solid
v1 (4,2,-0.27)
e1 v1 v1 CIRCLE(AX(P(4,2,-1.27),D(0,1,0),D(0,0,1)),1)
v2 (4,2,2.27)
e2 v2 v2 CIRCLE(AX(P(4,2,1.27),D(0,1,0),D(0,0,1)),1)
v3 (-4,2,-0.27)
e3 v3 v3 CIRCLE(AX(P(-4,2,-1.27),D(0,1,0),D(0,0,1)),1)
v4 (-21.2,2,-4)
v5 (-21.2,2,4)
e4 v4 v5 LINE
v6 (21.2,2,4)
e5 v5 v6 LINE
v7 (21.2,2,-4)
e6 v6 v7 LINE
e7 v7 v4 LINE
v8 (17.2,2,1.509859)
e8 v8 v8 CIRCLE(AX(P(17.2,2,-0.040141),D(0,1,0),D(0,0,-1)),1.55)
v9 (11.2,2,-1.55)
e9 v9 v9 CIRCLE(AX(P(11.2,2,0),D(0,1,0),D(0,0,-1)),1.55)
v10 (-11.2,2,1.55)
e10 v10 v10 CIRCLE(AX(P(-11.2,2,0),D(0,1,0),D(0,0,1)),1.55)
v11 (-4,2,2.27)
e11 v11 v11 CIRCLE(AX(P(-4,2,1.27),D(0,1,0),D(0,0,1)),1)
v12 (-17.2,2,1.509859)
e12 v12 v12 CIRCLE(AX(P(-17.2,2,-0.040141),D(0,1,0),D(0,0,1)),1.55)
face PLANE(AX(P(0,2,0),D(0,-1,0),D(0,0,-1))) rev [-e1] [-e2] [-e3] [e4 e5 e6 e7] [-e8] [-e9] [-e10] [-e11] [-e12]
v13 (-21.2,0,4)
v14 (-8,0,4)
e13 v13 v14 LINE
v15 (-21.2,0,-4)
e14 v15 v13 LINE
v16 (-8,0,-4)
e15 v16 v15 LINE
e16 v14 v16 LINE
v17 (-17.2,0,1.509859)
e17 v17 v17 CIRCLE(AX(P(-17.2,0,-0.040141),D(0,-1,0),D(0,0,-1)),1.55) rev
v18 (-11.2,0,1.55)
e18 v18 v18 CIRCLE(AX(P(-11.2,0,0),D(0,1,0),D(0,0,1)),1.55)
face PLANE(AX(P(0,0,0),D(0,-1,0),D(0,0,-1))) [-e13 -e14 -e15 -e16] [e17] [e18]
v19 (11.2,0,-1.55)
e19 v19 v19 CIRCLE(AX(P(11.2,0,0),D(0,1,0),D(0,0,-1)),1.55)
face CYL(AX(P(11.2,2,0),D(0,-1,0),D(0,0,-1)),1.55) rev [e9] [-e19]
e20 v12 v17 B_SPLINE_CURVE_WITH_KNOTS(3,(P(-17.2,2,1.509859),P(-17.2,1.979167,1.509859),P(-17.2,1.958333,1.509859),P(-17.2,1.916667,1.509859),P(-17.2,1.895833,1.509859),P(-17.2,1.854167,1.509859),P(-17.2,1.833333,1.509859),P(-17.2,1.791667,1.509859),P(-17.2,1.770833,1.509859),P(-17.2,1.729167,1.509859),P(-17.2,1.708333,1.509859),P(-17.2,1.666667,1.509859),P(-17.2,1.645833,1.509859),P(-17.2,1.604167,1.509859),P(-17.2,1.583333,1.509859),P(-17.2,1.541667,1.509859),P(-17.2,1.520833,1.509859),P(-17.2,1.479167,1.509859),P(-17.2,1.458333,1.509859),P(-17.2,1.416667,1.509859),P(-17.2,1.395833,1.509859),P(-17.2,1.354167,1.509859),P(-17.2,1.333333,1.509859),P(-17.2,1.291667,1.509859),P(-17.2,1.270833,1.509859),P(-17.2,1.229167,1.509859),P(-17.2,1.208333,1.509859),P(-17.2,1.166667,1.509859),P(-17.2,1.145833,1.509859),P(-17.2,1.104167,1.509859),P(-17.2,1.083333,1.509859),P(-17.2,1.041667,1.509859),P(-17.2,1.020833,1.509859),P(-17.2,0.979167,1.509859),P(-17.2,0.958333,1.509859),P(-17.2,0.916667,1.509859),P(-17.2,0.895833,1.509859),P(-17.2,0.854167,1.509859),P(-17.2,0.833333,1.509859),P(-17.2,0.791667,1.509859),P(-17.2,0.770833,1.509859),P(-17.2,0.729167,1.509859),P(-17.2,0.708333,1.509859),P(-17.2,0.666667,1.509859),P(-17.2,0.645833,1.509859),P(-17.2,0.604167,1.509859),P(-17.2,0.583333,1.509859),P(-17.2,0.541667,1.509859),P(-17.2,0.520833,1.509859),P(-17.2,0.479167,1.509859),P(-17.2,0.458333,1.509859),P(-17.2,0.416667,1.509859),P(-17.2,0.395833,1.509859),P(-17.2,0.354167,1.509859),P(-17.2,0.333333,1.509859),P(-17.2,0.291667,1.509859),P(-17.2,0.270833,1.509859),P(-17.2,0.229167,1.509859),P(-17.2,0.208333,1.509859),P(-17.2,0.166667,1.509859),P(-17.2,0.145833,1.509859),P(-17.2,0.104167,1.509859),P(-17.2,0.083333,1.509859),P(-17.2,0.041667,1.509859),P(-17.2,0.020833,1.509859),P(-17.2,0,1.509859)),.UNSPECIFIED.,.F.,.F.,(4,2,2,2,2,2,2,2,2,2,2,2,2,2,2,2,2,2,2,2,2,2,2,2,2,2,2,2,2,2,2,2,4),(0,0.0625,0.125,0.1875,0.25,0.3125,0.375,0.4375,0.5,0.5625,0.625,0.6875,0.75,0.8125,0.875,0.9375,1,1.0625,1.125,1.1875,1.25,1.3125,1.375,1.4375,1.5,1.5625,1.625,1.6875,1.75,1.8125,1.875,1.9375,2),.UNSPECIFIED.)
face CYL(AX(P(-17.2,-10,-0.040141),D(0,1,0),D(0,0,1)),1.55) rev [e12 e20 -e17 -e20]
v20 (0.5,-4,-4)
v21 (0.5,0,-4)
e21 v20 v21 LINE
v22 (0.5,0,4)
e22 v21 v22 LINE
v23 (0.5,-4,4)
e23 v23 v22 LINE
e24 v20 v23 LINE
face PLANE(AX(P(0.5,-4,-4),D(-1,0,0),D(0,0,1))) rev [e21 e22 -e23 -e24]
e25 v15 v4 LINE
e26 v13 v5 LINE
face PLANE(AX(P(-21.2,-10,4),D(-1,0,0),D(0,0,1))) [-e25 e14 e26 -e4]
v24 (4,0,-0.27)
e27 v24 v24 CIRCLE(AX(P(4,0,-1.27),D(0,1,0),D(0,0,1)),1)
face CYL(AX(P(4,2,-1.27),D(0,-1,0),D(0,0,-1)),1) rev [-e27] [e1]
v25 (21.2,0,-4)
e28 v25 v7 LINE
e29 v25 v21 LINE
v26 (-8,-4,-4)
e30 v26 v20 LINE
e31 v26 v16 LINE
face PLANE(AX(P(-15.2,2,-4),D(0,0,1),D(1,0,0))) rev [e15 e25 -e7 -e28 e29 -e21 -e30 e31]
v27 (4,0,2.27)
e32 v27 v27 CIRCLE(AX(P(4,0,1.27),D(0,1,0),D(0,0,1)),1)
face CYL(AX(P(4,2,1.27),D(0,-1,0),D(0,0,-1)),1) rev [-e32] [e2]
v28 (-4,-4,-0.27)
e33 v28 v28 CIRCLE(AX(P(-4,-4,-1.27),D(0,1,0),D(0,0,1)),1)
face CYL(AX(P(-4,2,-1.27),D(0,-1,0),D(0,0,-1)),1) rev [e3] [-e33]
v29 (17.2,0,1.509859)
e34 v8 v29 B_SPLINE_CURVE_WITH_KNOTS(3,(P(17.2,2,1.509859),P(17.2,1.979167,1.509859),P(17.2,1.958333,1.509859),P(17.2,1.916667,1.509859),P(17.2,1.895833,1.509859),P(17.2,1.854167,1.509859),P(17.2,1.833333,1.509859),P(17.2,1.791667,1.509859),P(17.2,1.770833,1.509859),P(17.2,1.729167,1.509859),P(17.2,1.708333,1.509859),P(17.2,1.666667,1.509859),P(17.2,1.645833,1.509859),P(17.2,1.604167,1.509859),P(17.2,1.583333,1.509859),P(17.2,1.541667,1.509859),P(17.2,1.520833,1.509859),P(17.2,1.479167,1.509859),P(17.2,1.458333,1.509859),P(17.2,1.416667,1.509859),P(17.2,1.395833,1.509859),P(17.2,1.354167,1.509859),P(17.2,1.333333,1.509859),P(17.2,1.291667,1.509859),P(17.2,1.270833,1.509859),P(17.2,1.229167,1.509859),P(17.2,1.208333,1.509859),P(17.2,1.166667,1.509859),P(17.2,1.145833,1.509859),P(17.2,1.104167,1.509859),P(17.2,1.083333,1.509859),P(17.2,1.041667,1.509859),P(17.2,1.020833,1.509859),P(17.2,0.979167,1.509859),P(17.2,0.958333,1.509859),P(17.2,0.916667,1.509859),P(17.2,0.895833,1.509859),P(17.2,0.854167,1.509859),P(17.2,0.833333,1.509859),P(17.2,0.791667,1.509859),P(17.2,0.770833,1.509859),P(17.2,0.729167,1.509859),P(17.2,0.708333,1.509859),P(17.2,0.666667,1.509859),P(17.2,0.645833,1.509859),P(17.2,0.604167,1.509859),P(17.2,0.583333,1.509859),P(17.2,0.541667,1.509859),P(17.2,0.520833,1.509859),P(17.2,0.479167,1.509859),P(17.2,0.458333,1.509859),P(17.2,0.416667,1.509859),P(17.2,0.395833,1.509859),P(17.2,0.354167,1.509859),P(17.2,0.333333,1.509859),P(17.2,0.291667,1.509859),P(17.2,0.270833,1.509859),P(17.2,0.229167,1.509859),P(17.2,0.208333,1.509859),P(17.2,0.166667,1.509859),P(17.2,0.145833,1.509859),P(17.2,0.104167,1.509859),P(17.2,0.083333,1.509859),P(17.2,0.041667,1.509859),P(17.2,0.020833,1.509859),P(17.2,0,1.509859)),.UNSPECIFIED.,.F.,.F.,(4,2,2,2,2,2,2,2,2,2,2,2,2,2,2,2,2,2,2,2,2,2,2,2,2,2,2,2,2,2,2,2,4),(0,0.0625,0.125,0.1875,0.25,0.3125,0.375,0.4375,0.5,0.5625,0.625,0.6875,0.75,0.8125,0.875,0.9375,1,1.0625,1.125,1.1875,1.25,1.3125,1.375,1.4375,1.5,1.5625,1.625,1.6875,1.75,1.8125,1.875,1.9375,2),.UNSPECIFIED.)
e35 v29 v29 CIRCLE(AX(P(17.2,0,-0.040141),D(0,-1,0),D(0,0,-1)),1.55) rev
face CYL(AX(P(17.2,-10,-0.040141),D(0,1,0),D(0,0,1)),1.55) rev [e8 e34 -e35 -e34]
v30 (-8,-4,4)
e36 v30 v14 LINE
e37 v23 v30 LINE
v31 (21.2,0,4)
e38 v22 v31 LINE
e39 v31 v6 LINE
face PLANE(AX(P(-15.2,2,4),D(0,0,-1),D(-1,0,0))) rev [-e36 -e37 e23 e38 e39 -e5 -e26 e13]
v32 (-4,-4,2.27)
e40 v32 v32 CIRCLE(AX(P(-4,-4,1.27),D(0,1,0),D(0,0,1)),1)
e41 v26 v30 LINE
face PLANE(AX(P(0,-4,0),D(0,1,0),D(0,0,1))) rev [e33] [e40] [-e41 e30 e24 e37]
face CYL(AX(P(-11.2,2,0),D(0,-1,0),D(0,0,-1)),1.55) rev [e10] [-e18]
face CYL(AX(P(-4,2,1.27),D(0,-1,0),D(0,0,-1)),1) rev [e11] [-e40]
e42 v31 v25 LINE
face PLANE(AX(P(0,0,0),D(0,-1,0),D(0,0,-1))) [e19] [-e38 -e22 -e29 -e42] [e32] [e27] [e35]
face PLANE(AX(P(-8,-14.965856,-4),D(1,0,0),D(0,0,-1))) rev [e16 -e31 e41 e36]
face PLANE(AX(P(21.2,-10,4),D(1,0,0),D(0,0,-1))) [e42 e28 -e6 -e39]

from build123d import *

# Parameters (mm, degrees)
SKETCH1_W           = 30.4
SKETCH1_H           = 8
SKETCH1_R           = 1.55
SKETCH1_R_2         = 1
BOSS_EXTRUDE1_DEPTH = 2
SKETCH3_W           = 1
SKETCH3_H           = 8
BOSS_EXTRUDE2_DEPTH = 4
BOSS_EXTRUDE3_START = 4
SKETCH4_W           = 7.5
SKETCH4_H           = 8
SKETCH4_R           = 1
BOSS_EXTRUDE3_DEPTH = 4
SKETCH6_W           = 6
SKETCH6_H           = 8
SKETCH6_R           = 1.55
BOSS_EXTRUDE4_DEPTH = 2


with BuildPart() as part:
    # Sketch1 → Boss-Extrude1 (new body)
    with BuildSketch(Plane(origin=(0, 0, 0), x_dir=(1, 0, 0), z_dir=(0, 1, 0))):
        Rectangle(SKETCH1_W, SKETCH1_H)
        with Locations(Location((-11.2, 0, 0), (0, 0, 270))):
            Circle(SKETCH1_R, mode=Mode.SUBTRACT)
        with Locations(Location((11.2, 0, 0), (0, 0, 90))):
            Circle(SKETCH1_R, mode=Mode.SUBTRACT)
        with Locations(Location((-4, 1.27, 0), (0, 0, 270))):
            Circle(SKETCH1_R_2, mode=Mode.SUBTRACT)
        with Locations(Location((-4, -1.27, 0), (0, 0, 270))):
            Circle(SKETCH1_R_2, mode=Mode.SUBTRACT)
        with Locations(Location((4, 1.27, 0), (0, 0, 270))):
            Circle(SKETCH1_R_2, mode=Mode.SUBTRACT)
        with Locations(Location((4, -1.27, 0), (0, 0, 270))):
            Circle(SKETCH1_R_2, mode=Mode.SUBTRACT)
    extrude(amount=BOSS_EXTRUDE1_DEPTH)

    # Sketch3 → Boss-Extrude2 (add)
    with BuildSketch(Plane.XZ):
        Rectangle(SKETCH3_W, SKETCH3_H)
    extrude(amount=BOSS_EXTRUDE2_DEPTH)

    # Sketch4 → Boss-Extrude3 (add)
    with BuildSketch(Plane.XZ.offset(BOSS_EXTRUDE3_START)):
        with Locations((-4.25, 0)):
            Rectangle(SKETCH4_W, SKETCH4_H)
        with Locations(Location((-4, 1.27, 0), (0, 0, 90))):
            Circle(SKETCH4_R, mode=Mode.SUBTRACT)
        with Locations(Location((-4, -1.27, 0), (0, 0, 90))):
            Circle(SKETCH4_R, mode=Mode.SUBTRACT)
    extrude(amount=-BOSS_EXTRUDE3_DEPTH)

    # Sketch6 → Boss-Extrude4 (add)
    # profile 1 of 2: a face of its own
    with BuildSketch(Plane(origin=(0, 2, 0), x_dir=(1, 0, 0), z_dir=(0, 1, 0))):
        with Locations((-18.2, 0)):
            Rectangle(SKETCH6_W, SKETCH6_H)
        with Locations(Location((-17.2, 0.040141274, 0), (0, 0, 270))):
            Circle(SKETCH6_R, mode=Mode.SUBTRACT)
    # profile 2 of 2: a face of its own
    with BuildSketch(Plane(origin=(0, 2, 0), x_dir=(1, 0, 0), z_dir=(0, 1, 0))):
        with Locations((18.2, 0)):
            Rectangle(SKETCH6_W, SKETCH6_H)
        with Locations(Location((17.2, 0.040141274, 0), (0, 0, 270))):
            Circle(SKETCH6_R, mode=Mode.SUBTRACT)
    extrude(amount=-BOSS_EXTRUDE4_DEPTH)


solid = part.part
